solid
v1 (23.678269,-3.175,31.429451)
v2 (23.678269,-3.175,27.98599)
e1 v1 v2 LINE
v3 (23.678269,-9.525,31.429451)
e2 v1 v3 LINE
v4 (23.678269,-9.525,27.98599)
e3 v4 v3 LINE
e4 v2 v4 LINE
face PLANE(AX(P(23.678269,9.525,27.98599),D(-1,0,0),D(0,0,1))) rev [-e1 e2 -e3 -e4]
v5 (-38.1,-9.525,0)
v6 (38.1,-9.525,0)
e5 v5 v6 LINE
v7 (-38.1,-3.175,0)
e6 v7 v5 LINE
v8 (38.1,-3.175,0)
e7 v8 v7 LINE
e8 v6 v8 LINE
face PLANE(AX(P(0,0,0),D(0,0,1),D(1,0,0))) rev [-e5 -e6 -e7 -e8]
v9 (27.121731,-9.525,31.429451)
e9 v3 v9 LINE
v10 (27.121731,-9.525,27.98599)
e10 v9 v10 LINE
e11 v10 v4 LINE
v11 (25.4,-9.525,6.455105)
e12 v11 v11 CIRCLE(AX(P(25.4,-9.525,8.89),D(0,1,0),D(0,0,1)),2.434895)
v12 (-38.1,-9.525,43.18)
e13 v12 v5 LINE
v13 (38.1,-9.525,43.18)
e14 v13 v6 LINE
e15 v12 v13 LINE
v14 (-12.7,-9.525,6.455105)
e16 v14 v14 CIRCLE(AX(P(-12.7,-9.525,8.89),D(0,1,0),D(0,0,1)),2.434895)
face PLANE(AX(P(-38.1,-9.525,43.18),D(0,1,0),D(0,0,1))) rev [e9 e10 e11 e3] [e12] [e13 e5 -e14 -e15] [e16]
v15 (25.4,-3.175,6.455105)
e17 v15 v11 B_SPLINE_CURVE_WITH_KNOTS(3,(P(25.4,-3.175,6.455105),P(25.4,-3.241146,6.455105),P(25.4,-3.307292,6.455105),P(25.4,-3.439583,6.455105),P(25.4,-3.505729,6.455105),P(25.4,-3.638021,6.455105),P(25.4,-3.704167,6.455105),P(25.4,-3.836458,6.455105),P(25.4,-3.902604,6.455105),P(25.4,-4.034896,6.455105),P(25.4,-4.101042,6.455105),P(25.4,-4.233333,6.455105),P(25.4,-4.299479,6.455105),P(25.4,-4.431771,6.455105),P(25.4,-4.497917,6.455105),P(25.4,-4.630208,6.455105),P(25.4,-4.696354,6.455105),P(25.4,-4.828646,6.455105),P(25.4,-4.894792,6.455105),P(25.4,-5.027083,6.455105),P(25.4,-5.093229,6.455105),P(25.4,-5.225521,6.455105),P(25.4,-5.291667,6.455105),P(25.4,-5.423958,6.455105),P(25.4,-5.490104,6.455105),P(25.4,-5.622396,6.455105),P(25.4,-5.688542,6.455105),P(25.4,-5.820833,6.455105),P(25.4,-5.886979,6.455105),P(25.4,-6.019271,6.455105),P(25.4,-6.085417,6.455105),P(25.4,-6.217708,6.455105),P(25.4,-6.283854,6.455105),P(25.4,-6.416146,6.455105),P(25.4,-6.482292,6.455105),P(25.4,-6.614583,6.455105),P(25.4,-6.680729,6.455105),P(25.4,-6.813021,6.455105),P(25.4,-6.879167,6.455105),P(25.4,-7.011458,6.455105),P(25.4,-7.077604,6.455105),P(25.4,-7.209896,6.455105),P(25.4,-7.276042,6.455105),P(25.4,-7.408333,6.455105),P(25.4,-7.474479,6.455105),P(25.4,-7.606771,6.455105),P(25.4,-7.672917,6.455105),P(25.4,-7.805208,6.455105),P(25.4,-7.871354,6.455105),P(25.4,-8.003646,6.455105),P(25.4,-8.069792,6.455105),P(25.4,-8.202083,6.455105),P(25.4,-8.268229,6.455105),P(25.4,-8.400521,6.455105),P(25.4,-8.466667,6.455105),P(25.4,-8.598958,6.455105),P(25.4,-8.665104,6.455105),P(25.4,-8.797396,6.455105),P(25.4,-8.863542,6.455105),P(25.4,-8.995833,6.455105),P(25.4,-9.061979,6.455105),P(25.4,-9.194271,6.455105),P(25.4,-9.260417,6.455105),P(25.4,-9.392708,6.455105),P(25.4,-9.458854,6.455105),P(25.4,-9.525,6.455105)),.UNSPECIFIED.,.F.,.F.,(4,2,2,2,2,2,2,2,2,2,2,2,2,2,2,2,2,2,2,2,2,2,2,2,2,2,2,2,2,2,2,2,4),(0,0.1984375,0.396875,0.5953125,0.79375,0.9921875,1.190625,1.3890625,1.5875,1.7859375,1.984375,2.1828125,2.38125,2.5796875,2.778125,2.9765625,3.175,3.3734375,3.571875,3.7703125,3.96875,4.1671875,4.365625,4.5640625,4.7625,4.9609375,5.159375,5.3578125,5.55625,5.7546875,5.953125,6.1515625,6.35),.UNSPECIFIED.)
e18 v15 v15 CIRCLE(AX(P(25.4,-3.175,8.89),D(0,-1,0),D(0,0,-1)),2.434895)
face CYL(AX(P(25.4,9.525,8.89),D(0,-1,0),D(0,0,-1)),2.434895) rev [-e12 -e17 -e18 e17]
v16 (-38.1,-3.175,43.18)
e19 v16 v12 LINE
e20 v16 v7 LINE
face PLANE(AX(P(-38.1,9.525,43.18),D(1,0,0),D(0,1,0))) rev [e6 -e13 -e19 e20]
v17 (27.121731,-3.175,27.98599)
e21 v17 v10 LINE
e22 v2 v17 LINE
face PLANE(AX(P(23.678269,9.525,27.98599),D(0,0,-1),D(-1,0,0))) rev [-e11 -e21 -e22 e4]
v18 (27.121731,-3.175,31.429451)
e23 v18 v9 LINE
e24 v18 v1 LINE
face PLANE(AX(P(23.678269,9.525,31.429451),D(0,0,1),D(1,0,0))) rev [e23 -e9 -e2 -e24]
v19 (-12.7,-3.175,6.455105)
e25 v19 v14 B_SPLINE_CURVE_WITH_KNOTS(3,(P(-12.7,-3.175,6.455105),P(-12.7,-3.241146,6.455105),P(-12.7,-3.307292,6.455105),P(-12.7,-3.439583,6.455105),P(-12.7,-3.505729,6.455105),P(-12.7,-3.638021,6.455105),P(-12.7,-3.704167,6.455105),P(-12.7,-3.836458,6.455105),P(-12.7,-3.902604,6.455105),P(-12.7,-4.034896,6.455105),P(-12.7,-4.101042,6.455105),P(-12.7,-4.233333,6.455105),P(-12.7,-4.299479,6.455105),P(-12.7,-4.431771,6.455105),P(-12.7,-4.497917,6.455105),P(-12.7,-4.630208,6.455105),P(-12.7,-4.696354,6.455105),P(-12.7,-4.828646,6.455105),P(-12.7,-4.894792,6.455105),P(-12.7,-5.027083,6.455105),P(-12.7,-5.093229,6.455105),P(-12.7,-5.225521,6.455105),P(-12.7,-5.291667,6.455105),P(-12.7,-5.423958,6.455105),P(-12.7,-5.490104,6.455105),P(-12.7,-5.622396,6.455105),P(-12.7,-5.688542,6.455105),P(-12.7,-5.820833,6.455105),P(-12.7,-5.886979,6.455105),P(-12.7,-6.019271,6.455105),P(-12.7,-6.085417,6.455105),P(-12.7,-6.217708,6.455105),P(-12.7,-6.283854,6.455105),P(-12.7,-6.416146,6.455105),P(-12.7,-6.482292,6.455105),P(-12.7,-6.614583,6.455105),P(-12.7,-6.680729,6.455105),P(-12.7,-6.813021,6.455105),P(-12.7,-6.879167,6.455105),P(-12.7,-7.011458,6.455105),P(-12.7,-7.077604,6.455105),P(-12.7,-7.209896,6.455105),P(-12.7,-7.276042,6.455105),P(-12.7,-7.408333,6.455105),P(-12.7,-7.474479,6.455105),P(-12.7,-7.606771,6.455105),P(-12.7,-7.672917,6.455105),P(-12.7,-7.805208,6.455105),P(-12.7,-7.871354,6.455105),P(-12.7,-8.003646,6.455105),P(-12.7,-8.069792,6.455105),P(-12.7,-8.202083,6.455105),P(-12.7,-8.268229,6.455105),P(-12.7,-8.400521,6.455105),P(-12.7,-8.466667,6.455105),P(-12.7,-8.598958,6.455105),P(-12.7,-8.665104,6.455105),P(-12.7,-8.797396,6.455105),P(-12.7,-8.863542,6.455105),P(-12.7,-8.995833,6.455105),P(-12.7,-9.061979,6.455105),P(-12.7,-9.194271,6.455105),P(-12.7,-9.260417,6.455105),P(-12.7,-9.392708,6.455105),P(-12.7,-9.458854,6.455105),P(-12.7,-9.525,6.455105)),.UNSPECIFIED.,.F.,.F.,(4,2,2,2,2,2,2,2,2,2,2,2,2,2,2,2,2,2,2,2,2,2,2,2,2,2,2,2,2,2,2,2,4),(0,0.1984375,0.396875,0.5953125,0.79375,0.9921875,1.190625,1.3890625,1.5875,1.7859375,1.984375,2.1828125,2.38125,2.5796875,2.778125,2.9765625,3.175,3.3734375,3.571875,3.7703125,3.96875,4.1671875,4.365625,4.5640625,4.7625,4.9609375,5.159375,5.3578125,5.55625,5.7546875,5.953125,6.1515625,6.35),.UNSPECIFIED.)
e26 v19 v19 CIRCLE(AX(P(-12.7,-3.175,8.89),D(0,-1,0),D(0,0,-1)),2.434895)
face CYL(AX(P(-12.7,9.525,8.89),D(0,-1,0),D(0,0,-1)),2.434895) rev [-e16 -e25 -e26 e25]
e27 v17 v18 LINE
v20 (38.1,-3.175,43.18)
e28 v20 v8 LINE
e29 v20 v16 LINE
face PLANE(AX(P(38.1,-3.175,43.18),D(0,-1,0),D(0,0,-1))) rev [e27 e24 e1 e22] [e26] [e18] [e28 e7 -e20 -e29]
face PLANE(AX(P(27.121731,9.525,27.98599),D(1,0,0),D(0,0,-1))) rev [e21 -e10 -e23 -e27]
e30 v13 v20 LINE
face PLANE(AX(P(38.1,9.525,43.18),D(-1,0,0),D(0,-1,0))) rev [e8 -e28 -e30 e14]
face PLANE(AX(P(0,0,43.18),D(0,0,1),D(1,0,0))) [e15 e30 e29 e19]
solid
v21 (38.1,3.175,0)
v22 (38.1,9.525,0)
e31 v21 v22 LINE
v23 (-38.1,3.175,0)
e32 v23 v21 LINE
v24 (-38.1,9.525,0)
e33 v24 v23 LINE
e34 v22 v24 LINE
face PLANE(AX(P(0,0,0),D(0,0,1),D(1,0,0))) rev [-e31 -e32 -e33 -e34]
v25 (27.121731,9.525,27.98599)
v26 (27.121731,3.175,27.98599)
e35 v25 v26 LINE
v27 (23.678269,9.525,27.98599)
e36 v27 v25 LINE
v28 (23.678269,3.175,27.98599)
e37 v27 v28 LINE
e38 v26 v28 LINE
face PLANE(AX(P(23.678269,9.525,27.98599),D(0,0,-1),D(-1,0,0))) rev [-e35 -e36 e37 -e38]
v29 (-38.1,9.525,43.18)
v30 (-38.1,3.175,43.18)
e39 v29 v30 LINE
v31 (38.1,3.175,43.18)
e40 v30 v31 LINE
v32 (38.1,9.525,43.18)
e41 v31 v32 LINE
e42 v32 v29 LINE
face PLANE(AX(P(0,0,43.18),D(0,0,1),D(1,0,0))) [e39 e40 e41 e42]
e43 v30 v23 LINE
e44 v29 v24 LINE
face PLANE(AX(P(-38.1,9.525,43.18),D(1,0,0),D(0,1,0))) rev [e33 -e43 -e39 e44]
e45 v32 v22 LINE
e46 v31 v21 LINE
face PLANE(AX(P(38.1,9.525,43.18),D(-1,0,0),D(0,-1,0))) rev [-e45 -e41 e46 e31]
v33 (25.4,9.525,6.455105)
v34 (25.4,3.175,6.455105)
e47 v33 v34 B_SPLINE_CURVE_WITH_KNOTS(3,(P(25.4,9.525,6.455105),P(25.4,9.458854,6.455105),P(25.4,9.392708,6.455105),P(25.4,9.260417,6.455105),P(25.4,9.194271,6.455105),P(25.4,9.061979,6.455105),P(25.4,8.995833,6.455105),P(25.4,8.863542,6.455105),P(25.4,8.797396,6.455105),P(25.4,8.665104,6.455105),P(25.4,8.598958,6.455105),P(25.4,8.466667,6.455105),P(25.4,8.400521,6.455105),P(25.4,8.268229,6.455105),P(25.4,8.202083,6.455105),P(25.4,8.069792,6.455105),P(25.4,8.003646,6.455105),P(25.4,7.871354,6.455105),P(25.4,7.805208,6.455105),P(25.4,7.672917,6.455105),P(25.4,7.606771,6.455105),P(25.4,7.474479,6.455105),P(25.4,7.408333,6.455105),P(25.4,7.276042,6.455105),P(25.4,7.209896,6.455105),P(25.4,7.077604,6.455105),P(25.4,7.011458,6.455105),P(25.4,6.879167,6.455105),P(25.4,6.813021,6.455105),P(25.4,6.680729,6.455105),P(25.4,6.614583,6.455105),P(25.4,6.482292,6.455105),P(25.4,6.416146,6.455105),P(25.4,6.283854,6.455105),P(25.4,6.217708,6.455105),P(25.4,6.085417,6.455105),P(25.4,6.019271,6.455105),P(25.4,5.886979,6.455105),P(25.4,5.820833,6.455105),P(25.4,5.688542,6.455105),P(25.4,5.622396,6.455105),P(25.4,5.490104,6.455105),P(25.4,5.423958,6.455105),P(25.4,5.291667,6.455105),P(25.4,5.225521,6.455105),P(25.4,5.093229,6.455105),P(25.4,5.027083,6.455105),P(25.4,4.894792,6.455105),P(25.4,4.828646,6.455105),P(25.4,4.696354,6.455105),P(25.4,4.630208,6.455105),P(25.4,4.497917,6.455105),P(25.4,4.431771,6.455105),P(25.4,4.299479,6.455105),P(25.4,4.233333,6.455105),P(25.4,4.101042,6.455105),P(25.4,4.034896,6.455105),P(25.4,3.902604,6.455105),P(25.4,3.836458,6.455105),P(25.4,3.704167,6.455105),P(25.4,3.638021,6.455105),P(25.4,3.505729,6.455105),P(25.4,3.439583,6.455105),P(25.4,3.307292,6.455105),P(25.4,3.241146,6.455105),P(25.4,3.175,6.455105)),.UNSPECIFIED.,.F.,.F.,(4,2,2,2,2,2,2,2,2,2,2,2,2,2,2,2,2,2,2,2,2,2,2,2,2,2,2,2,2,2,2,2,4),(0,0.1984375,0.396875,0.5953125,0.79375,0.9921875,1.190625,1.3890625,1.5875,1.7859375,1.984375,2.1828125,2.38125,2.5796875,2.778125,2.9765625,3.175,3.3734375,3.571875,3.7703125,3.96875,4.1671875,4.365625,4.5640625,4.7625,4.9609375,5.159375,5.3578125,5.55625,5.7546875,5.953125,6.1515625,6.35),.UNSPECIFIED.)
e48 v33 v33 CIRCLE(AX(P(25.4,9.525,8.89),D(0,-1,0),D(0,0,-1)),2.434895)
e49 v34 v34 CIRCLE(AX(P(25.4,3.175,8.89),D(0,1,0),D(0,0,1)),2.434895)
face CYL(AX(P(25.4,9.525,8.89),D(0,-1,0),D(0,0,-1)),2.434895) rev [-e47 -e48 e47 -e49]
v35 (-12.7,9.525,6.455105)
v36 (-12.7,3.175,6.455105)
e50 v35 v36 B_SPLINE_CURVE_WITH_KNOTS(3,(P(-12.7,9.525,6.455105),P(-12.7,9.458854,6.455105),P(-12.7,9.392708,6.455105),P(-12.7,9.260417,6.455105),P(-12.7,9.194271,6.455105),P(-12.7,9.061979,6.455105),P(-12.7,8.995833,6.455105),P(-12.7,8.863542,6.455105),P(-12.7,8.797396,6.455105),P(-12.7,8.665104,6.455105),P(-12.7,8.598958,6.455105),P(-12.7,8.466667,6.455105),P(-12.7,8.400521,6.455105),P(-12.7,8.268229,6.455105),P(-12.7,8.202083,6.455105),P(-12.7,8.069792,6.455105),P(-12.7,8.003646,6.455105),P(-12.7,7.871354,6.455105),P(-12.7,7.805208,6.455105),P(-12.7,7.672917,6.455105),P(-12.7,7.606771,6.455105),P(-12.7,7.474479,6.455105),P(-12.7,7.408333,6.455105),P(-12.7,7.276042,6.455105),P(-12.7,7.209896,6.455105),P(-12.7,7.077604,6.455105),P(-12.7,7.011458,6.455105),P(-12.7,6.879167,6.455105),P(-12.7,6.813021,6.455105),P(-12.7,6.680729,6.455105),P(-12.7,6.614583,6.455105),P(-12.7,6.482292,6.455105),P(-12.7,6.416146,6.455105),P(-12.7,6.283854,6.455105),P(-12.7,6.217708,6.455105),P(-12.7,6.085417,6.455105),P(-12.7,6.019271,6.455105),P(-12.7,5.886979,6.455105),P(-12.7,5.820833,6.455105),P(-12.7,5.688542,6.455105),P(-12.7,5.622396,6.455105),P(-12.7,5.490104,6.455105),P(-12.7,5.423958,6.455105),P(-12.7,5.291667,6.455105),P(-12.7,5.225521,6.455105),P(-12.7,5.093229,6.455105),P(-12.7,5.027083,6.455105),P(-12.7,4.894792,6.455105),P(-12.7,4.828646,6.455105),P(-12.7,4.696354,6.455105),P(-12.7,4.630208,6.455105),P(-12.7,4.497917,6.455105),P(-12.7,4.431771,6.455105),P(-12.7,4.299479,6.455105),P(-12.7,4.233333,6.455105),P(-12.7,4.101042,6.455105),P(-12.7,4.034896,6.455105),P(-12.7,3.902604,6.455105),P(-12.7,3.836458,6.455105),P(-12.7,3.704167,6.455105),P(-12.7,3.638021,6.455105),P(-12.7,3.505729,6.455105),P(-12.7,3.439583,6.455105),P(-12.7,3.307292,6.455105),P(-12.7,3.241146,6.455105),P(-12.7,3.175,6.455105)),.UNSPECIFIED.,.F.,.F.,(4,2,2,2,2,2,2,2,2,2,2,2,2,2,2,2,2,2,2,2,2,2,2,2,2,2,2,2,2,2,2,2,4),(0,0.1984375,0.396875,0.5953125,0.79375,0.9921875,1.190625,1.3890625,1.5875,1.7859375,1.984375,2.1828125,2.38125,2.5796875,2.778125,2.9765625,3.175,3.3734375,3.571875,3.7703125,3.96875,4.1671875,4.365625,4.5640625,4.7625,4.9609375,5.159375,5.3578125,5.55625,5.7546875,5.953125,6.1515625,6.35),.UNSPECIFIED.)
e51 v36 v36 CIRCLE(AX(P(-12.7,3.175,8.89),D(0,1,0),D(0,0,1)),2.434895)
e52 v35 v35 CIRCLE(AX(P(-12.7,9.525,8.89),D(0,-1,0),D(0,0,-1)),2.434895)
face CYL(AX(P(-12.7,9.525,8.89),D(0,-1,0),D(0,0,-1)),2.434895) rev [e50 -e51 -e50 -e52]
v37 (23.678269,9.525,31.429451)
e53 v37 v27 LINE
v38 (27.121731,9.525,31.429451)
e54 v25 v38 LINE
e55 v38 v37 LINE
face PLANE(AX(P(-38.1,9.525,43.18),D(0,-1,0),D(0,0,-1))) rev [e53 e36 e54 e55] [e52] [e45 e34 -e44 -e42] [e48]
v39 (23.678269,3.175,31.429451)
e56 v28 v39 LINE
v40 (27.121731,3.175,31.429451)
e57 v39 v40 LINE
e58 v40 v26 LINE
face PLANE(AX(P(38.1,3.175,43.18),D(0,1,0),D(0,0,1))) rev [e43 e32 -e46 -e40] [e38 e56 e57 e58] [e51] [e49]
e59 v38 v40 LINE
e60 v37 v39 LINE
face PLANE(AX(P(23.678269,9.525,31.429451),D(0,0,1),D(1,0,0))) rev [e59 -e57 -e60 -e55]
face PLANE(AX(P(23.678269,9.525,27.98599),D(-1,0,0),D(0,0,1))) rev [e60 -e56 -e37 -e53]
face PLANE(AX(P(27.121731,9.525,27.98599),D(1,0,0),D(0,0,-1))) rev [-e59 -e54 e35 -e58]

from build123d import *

# Parameters (mm, degrees)
SKETCH1_W               = 76.2
SKETCH1_H               = 19.05
BOSS_EXTRUDE1_DEPTH     = 43.18
SKETCH2_W               = 76.2
SKETCH2_H               = 6.35
CUT_EXTRUDE1_DEPTH      = 59.36821074
CUT_EXTRUDE2_DEPTH      = 61.654965996
CUT_EXTRUDE2_DEPTH_BACK = 61.654965996
SKETCH3_R               = 2.434895054
SKETCH3_W               = 3.44346125
SKETCH3_H               = 3.443461249


with BuildPart() as part:
    # Sketch1 → Boss-Extrude1 (new body)
    with BuildSketch(Plane.XY):
        Rectangle(SKETCH1_W, SKETCH1_H)
    extrude(amount=BOSS_EXTRUDE1_DEPTH)

    # Sketch2 → Cut-Extrude1 (cut, through all)
    with BuildSketch(Plane(origin=(0, 0, 0), x_dir=(-1, 0, 0), z_dir=(0, 0, -1))):
        Rectangle(SKETCH2_W, SKETCH2_H)
    extrude(amount=-CUT_EXTRUDE1_DEPTH, mode=Mode.SUBTRACT)


with BuildPart() as cut_extrude1_piece_1:
    # of the separate pieces the step leaves, piece 1, a body of its own (cut_extrude1_pieces)
    add(part.part.solids().sort_by_distance((-38.1, 9.525, 0))[0])


with BuildPart() as cut_extrude1_piece_2:
    # of the separate pieces the step leaves, piece 2, a body of its own (cut_extrude1_pieces)
    add(part.part.solids().sort_by_distance((-38.1, -9.525, 0))[0])


with BuildPart() as cut_extrude2_tool:
    # Sketch3 → Cut-Extrude2 (new, two sides: drawn at the far end of the back side and taken through both)
    with BuildSketch(Plane.XZ.offset(9.525).offset(-CUT_EXTRUDE2_DEPTH_BACK)):
        with Locations(Location((25.4, 8.89, 0), (0, 0, 270))):
            Circle(SKETCH3_R)
        with Locations(Location((-12.7, 8.89, 0), (0, 0, 270))):
            Circle(SKETCH3_R)
        with Locations((25.4, 29.707720771)):
            Rectangle(SKETCH3_W, SKETCH3_H)
    extrude(amount=CUT_EXTRUDE2_DEPTH + CUT_EXTRUDE2_DEPTH_BACK)


with BuildPart() as cut_extrude1_piece_1_1:
    add(cut_extrude1_piece_1.part)

    # Cut-Extrude2: cut by cut_extrude2_tool
    add(cut_extrude2_tool.part, mode=Mode.SUBTRACT)


with BuildPart() as cut_extrude1_piece_2_1:
    add(cut_extrude1_piece_2.part)

    # Cut-Extrude2: cut by cut_extrude2_tool
    add(cut_extrude2_tool.part, mode=Mode.SUBTRACT)


solid = Compound([cut_extrude1_piece_1_1.part, cut_extrude1_piece_2_1.part])
